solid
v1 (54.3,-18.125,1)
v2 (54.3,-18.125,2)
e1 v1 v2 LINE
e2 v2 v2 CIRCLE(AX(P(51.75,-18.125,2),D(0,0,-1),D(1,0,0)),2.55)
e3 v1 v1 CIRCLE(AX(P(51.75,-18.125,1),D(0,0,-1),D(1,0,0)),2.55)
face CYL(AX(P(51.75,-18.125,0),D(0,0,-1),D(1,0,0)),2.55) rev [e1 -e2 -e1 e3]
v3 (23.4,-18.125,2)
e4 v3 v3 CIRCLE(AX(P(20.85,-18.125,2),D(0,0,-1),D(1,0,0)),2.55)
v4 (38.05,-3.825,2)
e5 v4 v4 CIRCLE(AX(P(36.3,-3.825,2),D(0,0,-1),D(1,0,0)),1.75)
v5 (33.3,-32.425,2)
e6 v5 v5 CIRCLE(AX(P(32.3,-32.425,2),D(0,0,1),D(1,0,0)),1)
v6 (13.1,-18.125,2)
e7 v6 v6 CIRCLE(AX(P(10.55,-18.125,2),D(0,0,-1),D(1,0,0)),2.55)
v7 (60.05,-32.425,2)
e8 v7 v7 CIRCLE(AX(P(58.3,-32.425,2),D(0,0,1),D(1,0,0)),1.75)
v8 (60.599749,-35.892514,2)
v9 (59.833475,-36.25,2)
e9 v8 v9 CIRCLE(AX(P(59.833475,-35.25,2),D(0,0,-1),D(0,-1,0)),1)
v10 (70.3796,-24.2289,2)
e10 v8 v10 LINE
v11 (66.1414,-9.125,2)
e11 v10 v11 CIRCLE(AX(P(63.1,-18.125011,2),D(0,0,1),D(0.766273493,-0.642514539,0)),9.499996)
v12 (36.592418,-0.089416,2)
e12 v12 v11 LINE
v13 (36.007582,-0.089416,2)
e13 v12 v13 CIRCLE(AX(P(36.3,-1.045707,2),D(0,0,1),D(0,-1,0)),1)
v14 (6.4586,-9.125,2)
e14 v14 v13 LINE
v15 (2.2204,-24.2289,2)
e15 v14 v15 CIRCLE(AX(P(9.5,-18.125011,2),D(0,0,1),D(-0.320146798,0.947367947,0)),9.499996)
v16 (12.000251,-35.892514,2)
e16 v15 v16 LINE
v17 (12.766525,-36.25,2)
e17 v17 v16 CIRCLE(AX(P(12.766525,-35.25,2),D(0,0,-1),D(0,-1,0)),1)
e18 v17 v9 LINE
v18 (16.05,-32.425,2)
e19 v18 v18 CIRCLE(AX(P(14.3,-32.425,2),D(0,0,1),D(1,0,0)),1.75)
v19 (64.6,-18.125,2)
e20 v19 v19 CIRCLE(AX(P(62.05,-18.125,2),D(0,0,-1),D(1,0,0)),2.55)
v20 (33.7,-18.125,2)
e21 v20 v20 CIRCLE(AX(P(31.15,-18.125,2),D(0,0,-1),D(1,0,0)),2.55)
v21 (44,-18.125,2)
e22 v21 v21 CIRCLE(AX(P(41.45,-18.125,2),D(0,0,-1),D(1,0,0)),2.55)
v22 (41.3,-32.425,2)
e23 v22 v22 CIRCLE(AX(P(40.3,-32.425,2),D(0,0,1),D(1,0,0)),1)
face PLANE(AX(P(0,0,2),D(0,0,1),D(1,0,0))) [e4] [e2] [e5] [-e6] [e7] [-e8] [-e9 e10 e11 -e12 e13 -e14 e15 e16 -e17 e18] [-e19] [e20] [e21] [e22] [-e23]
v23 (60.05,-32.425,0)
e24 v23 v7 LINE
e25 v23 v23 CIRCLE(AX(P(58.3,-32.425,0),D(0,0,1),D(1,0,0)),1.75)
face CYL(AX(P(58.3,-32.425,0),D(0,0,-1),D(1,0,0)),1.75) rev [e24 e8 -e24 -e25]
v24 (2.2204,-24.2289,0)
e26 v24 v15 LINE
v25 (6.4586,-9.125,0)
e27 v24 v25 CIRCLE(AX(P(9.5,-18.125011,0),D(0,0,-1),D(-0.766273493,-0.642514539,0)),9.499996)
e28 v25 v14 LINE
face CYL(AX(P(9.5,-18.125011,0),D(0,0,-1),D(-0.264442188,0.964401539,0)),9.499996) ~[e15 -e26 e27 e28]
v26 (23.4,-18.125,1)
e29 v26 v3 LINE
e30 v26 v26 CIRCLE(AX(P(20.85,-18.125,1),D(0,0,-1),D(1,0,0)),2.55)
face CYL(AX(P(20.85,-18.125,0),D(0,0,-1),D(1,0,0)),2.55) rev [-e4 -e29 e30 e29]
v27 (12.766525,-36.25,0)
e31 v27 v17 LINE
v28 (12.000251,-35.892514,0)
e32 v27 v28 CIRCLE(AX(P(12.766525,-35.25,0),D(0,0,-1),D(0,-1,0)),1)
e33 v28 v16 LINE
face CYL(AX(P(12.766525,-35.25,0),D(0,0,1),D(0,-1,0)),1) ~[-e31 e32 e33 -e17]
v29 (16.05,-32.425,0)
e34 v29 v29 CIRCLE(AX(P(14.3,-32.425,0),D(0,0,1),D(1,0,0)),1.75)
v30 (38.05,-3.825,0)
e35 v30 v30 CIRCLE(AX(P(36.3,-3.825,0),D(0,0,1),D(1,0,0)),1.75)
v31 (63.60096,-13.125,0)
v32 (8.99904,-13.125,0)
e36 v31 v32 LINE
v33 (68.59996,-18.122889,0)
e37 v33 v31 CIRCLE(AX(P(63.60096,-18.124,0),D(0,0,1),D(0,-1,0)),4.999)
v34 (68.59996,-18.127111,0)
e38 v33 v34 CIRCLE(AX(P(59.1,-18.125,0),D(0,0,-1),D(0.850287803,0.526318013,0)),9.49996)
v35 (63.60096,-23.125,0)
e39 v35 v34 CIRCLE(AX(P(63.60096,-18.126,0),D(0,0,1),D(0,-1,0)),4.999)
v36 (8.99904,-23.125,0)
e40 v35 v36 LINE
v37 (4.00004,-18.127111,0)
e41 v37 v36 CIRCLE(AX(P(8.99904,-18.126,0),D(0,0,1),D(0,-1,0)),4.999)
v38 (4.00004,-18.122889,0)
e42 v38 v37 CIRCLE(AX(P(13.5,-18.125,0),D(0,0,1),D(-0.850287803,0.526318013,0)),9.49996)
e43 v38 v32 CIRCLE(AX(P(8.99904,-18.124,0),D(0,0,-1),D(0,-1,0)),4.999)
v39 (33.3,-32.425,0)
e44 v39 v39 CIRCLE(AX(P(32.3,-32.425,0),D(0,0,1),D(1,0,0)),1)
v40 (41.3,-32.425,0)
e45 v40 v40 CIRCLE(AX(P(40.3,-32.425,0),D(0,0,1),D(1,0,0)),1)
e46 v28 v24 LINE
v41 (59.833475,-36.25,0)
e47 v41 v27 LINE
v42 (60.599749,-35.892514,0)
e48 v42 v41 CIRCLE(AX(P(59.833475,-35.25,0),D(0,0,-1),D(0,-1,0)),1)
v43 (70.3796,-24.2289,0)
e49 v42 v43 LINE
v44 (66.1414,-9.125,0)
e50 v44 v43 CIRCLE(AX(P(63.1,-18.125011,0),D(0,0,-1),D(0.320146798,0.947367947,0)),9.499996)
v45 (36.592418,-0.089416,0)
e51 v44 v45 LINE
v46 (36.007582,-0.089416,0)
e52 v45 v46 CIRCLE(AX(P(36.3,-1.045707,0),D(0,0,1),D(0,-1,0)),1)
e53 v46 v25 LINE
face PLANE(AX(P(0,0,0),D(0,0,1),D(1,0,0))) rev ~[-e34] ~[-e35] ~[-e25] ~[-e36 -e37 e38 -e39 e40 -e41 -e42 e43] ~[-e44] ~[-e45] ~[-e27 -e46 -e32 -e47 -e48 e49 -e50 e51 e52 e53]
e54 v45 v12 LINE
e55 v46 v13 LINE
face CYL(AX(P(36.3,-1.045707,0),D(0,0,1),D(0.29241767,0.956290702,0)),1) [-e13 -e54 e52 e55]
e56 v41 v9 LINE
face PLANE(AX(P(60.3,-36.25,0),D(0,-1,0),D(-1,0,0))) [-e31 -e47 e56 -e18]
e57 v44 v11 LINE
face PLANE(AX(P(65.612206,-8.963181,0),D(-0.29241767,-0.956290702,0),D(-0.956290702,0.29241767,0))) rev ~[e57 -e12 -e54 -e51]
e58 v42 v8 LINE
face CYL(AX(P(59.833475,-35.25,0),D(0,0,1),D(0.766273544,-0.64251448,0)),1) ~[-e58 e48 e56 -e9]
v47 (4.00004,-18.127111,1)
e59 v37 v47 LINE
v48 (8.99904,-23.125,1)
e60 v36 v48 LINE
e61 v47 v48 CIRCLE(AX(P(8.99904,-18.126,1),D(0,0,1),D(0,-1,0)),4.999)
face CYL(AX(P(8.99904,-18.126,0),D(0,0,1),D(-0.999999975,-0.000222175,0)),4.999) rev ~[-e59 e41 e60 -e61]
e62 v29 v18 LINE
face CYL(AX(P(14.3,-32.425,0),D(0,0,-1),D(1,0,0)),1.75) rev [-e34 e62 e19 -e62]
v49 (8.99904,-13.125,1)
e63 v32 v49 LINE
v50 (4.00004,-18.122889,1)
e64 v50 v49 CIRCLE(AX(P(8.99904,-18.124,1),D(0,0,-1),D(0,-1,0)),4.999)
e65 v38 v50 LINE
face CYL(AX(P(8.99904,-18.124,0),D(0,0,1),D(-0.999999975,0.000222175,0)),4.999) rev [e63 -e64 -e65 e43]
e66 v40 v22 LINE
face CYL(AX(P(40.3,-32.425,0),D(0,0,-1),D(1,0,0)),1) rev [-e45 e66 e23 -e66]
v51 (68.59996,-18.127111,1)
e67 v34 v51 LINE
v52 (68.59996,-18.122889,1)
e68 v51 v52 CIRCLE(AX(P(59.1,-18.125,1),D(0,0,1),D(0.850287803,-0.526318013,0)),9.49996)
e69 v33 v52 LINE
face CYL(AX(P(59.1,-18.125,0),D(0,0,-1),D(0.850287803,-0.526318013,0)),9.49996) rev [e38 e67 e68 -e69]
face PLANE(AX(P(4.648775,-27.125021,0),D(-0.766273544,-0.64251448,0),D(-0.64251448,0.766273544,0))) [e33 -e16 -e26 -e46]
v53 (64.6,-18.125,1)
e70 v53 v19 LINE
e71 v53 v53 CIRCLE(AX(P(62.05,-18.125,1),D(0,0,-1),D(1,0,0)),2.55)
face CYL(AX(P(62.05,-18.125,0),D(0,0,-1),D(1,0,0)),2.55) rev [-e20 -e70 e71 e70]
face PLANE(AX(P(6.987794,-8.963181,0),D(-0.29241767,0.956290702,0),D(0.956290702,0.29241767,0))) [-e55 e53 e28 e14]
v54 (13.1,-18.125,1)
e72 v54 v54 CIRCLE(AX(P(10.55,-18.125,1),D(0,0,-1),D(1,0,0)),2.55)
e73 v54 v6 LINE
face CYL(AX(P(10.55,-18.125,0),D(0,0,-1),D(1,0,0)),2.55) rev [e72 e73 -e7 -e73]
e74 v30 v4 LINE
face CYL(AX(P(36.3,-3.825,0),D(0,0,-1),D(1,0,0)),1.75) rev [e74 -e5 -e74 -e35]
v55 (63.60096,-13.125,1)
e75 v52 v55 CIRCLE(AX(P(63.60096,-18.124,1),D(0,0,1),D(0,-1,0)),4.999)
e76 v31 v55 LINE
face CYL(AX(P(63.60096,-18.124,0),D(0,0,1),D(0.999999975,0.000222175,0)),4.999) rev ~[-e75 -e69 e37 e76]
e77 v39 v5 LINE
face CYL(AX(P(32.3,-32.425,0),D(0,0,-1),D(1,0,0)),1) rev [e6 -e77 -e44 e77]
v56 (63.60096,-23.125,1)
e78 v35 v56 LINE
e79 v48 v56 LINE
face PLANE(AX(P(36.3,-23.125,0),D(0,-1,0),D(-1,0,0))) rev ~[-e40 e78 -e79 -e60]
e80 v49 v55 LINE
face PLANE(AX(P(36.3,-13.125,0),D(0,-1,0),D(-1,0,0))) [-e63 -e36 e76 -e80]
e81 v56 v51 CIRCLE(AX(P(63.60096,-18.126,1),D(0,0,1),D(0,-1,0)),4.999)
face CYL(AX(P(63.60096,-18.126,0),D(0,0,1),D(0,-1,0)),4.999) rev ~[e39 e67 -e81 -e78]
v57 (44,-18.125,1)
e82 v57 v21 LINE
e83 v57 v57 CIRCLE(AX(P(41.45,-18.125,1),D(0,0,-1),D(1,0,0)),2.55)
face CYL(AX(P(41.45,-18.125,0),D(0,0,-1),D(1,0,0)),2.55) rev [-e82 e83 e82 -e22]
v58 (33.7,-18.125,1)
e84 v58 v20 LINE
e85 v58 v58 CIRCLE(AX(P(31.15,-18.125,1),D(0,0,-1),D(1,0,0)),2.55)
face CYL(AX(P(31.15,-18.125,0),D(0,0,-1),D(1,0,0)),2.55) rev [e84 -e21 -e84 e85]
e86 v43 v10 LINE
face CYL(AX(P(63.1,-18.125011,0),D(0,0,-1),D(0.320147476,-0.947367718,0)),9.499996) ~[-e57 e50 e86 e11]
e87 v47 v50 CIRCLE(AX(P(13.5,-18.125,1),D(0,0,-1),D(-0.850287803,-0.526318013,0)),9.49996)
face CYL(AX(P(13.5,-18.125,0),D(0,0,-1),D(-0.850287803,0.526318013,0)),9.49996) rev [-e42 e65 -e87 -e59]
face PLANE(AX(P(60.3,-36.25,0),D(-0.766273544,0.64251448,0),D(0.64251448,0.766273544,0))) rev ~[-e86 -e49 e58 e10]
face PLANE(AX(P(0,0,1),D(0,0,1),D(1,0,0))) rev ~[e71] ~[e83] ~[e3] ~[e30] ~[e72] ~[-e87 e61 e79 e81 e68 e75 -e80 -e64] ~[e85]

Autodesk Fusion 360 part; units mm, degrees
sketch "スケッチ1" plane through (0, 0, 0) normal (0, 0, 1) x (1, 0, 0)
  line L0 (0, 0) -> (72.6, 0)
  line L1 (72.6, 0) -> (72.6, -36.25)
  line L2 (72.6, -36.25) -> (0, -36.25)
  line L3 (0, -36.25) -> (0, 0)
  line L4 (36.3, 0) -> (36.3, -36.25)
  line L5 (0, -18.125) -> (72.6, -18.125)
  line L6 (72.6, -8.625) -> (72.6, -26.625)
  line L7 (58.3, -36.25) -> (14.3, -36.25)
  line L8 (0, -9.125) -> (0, -27.125)
  line L9 (0, -18.125) -> (9.5, -18.125)
  line L10 (0, -9.125) -> (6.4586, -9.125)
  line L11 (0, -27.125) -> (4.6488, -27.125)
  line L12 (6.4586, -9.125) -> (36.3, 0)
  line L13 (14.3, -36.25) -> (12.3, -36.25)
  line L14 (12.3, -36.25) -> (2.2204, -24.2289)
  line L15 (36.3, -18.125) -> (36.3, -32.425)
  line L16 (36.3, -18.125) -> (36.3, -3.825)
  line L17 (66.1414, -9.125) -> (36.3, 0)
  line L18 (60.3, -36.25) -> (70.3796, -24.2289)
  line L19 (58.3, -36.25) -> (60.3, -36.25)
  line L20 (6.4586, -27.125) -> (66.1414, -27.125)
  line L21 (6.4586, -9.125) -> (66.1414, -9.125)
  arc A0 (6.9878, -8.9632) -> (6.4586, -27.125) centre (9.5, -18.125) ccw
  arc A1 (66.1414, -27.125) -> (65.6122, -8.9632) centre (63.1, -18.125) ccw
  circle A2 centre (14.3, -32.425) radius 1.75
  circle A3 centre (36.3, -3.825) radius 1.75
  circle A4 centre (58.3, -32.425) radius 1.75
  circle A5 centre (32.3, -32.425) radius 1
  circle A6 centre (40.3, -32.425) radius 1
  line L22 (36.3, -9.125) -> (36.3, -13.125)
  line L23 (0, -18.125) -> (4, -18.125)
  line L24 (36.3, -13.125) -> (5.4223, -13.125)
  line L25 (36.3, -27.125) -> (36.3, -23.125)
  line L26 (36.3, -23.125) -> (5.4223, -23.125)
  arc A7 (5.4223, -13.125) -> (5.4223, -23.125) centre (13.5, -18.125) ccw
  circle A8 centre (10.55, -18.125) radius 2.55
  circle A9 centre (20.85, -18.125) radius 2.55
  circle A10 centre (31.15, -18.125) radius 2.55
  line L27 (36.3, -13.125) -> (67.1777, -13.125)
  arc A11 (67.1777, -23.125) -> (67.1777, -13.125) centre (59.1, -18.125) ccw
  line L28 (36.3, -23.125) -> (67.1777, -23.125)
  circle A12 centre (41.45, -18.125) radius 2.55
  circle A13 centre (51.75, -18.125) radius 2.55
  circle A14 centre (62.05, -18.125) radius 2.55
  point P0 (36.3, -18.125)
  point P1 (36.3, -3.825)
  point P2 (14.3, -32.425)
  point P3 (58.3, -32.425)
  point P4 (40.3, -32.425)
  point P5 (40.3, -32.425)
  point P6 (32.3, -32.425)
  point P7 (31.15, -18.125)
  point P8 (20.85, -18.125)
  point P9 (10.55, -18.125)
  point P10 (41.45, -18.125)
  point P11 (51.75, -18.125)
  point P12 (62.05, -18.125)
  dimension "d5" = 72.6
  dimension "d6" = 36.25
  dimension "d10" = 44
  dimension "d11" = 9
  dimension "d12" = 18
  dimension "d13" = 9.5
  dimension "d14" = 2
  dimension "d15" = 14.3
  dimension "d16" = 22
  dimension "d17" = 14.3
  dimension "d18" = 3.5
  dimension "d19" = 3.5
  dimension "d20" = 3.5
  dimension "d21" = 4
  dimension "d24" = 2
  dimension "d25" = 2
  dimension "d30" = 4
  dimension "d31" = 4
  dimension "d32" = 9.5
  dimension "d33" = 4
  dimension "d34" = 5.15
  dimension "d35" = 10.3
  dimension "d36" = 10.3
  dimension "d37" = 5.1
  dimension "d38" = 5.1
  dimension "d39" = 5.1
  dimension "d46" = 5.1
  dimension "d47" = 5.1
  dimension "d48" = 5.1
extrude "押し出し1" add sketch "スケッチ1" along normal blind 2 contours L4 L16 L17 L21 A3 | L4 L12 L16 L21 A3 | L4 L5 L9 L16 L21 A0 L22 L23 L24 A7 | L4 L5 L9 L15 L20 A0 L23 L25 L26 A7 | L4 L5 L16 L21 A1 L22 L27 A11 | L4 L5 L9 L16 L24 A7 A8 A9 A10 | L4 L5 L9 L15 L26 A7 A8 A9 A10 | L2 L4 L7 L13 L14 L15 L20 A0 | L4 L5 L15 L20 A1 L25 A11 L28 | L5 L9 A8 | L5 L9 A8 | L4 L5 L16 L27 A11 A12 A13 A14 | L4 L5 L15 A11 L28 A12 A13 A14 | L2 L4 L7 L15 L18 L19 L20 A1 | L5 A14 | L5 A14 | L5 A9 | L5 A9 | L5 A10 | L5 A10 | L5 A12 | L5 A12 | L5 A13 | L5 A13
fillet "フィレット1" radius 1 3 edges at (12.3, -36.25, 1) (60.3, -36.25, 1) (36.3, 0, 1)
sketch "スケッチ2" plane through (0, 0, 2) normal (0, 0, 1) x (-1, 0, 0)
  arc A0 (-36.5924, 0.0894) -> (-36.0076, 0.0894) centre (-36.3, 1.0457) ccw
  line L0 (-36.0076, 0.0894) -> (-6.4586, 9.125)
  arc A1 (-6.4586, 9.125) -> (-2.2204, 24.2289) centre (-9.5, 18.125) ccw
  line L1 (-2.2204, 24.2289) -> (-12.0003, 35.8925)
  arc A2 (-12.0003, 35.8925) -> (-12.7665, 36.25) centre (-12.7665, 35.25) ccw
  line L2 (-12.7665, 36.25) -> (-59.8335, 36.25)
  arc A3 (-59.8335, 36.25) -> (-60.5997, 35.8925) centre (-59.8335, 35.25) ccw
  line L3 (-60.5997, 35.8925) -> (-70.3796, 24.2289)
  arc A4 (-70.3796, 24.2289) -> (-66.1414, 9.125) centre (-63.1, 18.125) ccw
  line L4 (-66.1414, 9.125) -> (-36.5924, 0.0894)
  circle A5 centre (-36.3, 3.825) radius 1.75
  circle A6 centre (-32.3, 32.425) radius 1
  circle A7 centre (-40.3, 32.425) radius 1
  circle A8 centre (-14.3, 32.425) radius 1.75
  circle A9 centre (-58.3, 32.425) radius 1.75
extrude "押し出し2" cut sketch "スケッチ1" along normal blind 2 contours L5 L9 A8 | L5 L9 A8 | L5 A14 | L5 A14 | L5 A9 | L5 A9 | L5 A10 | L5 A10 | L5 A12 | L5 A12 | L5 A13 | L5 A13
extrude "押し出し3" cut sketch "スケッチ1" along normal blind 1 contours L4 L5 L9 L16 L24 A7 A8 A9 A10 | L4 L5 L9 L15 L26 A7 A8 A9 A10 | L5 L9 A8 | L5 L9 A8 | L4 L5 L16 L27 A11 A12 A13 A14 | L4 L5 L15 A11 L28 A12 A13 A14 | L5 A14 | L5 A14 | L5 A9 | L5 A9 | L5 A10 | L5 A10 | L5 A12 | L5 A12 | L5 A13 | L5 A13
fillet "フィレット2" radius 5 4 edges at (5.4223, -23.125, 0.5) (5.4223, -13.125, 0.5) (67.1777, -23.125, 0.5) (67.1777, -13.125, 0.5)
